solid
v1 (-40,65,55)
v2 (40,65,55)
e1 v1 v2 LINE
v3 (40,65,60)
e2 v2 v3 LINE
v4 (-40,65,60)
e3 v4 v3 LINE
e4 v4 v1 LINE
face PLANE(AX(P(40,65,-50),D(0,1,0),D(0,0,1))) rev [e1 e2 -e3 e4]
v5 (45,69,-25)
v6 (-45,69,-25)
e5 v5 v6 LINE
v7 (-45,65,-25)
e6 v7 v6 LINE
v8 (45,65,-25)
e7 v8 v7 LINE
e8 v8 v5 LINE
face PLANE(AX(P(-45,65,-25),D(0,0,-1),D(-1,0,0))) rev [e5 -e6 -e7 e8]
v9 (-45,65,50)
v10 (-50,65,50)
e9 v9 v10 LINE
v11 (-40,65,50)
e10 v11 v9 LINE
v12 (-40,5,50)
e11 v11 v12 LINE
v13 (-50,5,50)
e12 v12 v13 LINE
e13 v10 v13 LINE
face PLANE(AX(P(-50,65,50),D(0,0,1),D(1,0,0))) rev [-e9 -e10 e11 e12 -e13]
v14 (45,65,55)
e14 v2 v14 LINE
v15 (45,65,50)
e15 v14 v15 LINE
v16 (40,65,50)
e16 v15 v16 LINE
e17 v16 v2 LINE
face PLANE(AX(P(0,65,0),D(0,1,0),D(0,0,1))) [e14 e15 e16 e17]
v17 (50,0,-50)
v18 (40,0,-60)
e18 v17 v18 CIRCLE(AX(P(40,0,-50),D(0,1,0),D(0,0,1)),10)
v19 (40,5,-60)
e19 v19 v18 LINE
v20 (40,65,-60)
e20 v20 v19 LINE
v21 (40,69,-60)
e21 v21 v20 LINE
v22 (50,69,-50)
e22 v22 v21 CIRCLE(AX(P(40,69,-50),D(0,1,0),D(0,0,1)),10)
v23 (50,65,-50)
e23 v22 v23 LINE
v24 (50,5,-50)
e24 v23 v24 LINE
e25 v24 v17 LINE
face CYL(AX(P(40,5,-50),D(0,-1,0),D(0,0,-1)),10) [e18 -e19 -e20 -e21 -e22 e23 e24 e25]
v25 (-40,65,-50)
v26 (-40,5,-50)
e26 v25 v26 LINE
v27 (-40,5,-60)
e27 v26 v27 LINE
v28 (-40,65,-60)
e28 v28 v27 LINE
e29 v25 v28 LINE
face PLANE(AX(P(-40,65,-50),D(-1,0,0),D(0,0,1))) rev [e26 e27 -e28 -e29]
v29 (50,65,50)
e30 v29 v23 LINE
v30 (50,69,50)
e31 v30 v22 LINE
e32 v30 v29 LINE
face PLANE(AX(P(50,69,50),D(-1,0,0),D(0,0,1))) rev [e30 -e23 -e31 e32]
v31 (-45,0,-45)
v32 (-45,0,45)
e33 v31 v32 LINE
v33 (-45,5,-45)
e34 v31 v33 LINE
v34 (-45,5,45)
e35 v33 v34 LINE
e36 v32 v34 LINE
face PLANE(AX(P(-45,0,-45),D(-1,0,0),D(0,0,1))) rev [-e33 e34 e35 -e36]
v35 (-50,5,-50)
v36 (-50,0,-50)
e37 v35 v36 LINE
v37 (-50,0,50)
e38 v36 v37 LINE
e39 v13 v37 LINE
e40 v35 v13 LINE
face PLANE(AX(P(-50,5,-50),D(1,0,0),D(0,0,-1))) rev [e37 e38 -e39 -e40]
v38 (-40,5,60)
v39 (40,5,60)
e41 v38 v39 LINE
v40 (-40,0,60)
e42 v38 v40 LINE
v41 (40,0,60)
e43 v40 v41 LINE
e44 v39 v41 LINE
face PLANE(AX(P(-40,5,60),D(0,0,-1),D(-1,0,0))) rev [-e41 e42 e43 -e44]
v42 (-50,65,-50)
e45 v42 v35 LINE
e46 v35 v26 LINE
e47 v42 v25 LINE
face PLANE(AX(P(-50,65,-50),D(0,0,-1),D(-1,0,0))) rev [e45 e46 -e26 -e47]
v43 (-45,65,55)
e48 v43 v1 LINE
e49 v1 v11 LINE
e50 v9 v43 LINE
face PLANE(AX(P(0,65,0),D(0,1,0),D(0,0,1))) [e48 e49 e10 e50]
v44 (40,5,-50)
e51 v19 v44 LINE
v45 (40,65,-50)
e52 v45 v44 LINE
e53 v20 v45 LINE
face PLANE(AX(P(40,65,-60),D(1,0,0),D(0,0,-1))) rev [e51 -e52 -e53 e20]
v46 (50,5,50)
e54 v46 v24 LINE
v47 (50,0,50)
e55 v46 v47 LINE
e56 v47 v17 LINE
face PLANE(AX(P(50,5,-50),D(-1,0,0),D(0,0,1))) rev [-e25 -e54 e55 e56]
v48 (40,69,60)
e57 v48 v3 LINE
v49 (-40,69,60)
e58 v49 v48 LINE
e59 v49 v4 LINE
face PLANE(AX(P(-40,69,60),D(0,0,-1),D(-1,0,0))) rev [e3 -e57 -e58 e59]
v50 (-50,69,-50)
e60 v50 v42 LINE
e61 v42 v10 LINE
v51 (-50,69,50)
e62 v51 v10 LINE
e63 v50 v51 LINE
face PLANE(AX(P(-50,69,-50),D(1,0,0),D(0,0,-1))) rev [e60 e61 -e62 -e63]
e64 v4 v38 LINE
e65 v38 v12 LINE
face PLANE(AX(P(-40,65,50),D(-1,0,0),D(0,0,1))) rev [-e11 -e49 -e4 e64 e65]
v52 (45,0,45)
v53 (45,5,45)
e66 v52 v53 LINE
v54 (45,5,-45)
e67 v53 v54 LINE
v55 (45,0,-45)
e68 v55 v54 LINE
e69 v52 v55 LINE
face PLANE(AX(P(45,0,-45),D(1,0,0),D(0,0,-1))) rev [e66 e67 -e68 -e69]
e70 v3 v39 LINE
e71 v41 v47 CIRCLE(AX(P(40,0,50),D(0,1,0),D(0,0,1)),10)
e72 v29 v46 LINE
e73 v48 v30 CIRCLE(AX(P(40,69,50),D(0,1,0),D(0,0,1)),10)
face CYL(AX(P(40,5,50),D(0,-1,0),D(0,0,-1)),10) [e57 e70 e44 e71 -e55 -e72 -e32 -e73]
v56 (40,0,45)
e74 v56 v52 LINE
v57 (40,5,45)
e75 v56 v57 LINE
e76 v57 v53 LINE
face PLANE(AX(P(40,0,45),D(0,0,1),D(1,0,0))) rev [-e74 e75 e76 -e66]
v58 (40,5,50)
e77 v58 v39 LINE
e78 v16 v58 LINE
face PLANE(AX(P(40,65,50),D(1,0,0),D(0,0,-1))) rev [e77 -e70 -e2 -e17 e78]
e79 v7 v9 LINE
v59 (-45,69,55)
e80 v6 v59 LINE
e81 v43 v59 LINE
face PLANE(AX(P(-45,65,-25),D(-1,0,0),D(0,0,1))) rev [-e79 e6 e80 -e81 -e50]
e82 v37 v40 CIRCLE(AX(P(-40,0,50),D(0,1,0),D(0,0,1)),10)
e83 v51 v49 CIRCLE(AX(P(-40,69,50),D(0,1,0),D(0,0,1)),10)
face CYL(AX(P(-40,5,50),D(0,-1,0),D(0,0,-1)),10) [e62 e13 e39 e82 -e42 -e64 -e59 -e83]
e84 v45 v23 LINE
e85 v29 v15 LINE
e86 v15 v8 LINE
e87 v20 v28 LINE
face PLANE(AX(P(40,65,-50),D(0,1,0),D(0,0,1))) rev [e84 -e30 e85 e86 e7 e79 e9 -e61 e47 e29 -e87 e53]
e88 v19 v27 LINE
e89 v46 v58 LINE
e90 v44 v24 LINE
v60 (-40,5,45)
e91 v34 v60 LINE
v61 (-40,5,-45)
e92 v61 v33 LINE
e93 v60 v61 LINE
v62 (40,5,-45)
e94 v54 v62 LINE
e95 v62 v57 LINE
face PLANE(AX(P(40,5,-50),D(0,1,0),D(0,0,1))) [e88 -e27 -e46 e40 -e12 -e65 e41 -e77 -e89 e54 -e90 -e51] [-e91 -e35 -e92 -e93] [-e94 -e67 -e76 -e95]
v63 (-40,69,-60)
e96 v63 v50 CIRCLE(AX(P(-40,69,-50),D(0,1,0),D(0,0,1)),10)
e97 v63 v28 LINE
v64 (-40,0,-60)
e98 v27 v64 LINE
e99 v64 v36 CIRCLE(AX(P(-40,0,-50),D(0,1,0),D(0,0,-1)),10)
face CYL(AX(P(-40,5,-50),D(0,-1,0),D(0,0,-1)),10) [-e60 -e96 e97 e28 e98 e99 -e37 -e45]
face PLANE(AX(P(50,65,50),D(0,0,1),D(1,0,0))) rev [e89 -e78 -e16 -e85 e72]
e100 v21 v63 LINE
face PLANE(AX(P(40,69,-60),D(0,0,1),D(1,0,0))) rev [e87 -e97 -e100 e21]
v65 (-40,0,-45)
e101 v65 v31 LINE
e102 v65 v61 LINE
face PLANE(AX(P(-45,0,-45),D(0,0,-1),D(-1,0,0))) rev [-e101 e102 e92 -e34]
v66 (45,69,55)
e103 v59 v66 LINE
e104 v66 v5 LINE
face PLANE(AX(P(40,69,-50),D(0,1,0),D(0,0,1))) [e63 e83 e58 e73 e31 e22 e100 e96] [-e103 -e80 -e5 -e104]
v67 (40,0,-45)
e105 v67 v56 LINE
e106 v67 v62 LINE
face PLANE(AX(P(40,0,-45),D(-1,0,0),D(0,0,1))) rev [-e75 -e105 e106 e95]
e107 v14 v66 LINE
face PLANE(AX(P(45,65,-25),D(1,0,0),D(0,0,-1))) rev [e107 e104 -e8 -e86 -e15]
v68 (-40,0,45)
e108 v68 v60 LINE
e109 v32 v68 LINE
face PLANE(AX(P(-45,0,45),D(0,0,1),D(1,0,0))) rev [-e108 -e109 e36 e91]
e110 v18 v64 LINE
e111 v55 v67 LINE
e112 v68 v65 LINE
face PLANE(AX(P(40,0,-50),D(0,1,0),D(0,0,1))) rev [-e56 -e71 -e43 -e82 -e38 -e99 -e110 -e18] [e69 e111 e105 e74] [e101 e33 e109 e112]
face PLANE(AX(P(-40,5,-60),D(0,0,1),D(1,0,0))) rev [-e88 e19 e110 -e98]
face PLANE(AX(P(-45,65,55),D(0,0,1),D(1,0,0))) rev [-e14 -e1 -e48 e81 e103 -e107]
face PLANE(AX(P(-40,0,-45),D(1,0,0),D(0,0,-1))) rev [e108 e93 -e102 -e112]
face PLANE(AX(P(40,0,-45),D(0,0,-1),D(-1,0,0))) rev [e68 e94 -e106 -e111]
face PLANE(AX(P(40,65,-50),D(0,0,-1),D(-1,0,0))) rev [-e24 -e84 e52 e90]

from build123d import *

# Parameters (mm, degrees)
BOSS_EXTRUDE1_DEPTH = 5
SKETCH2_W           = 5
SKETCH2_H           = 90
CUT_EXTRUDE1_DEPTH  = 79.262379212
BOSS_EXTRUDE3_DEPTH = 60
BOSS_EXTRUDE4_DEPTH = 4
SKETCH5_W           = 90
SKETCH5_H           = 80
CUT_EXTRUDE2_DEPTH  = 4


with BuildPart() as part:
    # Sketch1 → Boss-Extrude1 (new body)
    with BuildSketch(Plane(origin=(0, 0, 0), x_dir=(1, 0, 0), z_dir=(0, 1, 0))):
        with BuildLine():
            Line((-40, 60), (40, 60))
            ThreePointArc((40, 60), (47.071067812, 57.071067812), (50, 50))
            Line((50, 50), (50, -50))
            ThreePointArc((50, -50), (47.071067812, -57.071067812), (40, -60))
            Line((40, -60), (-40, -60))
            ThreePointArc((-40, -60), (-47.071067812, -57.071067812), (-50, -50))
            Line((-50, -50), (-50, 50))
            ThreePointArc((-50, 50), (-47.071067812, 57.071067812), (-40, 60))
        make_face()
    extrude(amount=BOSS_EXTRUDE1_DEPTH)

    # Sketch2 → Cut-Extrude1 (cut, through all)
    with BuildSketch(Plane(origin=(0, 5, 0), x_dir=(1, 0, 0), z_dir=(0, 1, 0))):
        with Locations((-42.5, 0)):
            Rectangle(SKETCH2_W, SKETCH2_H)
        with Locations((42.5, 0)):
            Rectangle(SKETCH2_W, SKETCH2_H)
    extrude(amount=-CUT_EXTRUDE1_DEPTH, mode=Mode.SUBTRACT)

    # Sketch3 → Boss-Extrude3 (add)
    with BuildSketch(Plane(origin=(0, 5, 0), x_dir=(1, 0, 0), z_dir=(0, 1, 0))):
        with BuildLine():
            Line((-50, 50), (-40, 50))
            Line((-40, 50), (-40, 60))
            ThreePointArc((-40, 60), (-47.071067812, 57.071067812), (-50, 50))
        make_face()
        with BuildLine():
            Line((40, 60), (40, 50))
            Line((40, 50), (50, 50))
            ThreePointArc((50, 50), (47.071067812, 57.071067812), (40, 60))
        make_face()
        with BuildLine():
            Line((-50, -50), (-40, -50))
            Line((-40, -50), (-40, -60))
            ThreePointArc((-40, -60), (-47.071067812, -57.071067812), (-50, -50))
        make_face()
        with BuildLine():
            Line((50, -50), (40, -50))
            Line((40, -50), (40, -60))
            ThreePointArc((40, -60), (47.071067812, -57.071067812), (50, -50))
        make_face()
    extrude(amount=BOSS_EXTRUDE3_DEPTH)

    # Sketch4 → Boss-Extrude4 (add)
    with BuildSketch(Plane(origin=(0, 65, 0), x_dir=(1, 0, 0), z_dir=(0, 1, 0))):
        with BuildLine():
            Line((50, -50), (50, 50))
            ThreePointArc((50, 50), (47.071067812, 57.071067812), (40, 60))
            Line((40, 60), (-40, 60))
            ThreePointArc((-40, 60), (-47.071067812, 57.071067812), (-50, 50))
            Line((-50, 50), (-50, -50))
            ThreePointArc((-50, -50), (-47.071067812, -57.071067812), (-40, -60))
            Line((-40, -60), (40, -60))
            ThreePointArc((40, -60), (47.071067812, -57.071067812), (50, -50))
        make_face()
    extrude(amount=BOSS_EXTRUDE4_DEPTH)

    # Sketch5 → Cut-Extrude2 (cut)
    with BuildSketch(Plane(origin=(0, 69, 0), x_dir=(1, 0, 0), z_dir=(0, 1, 0))):
        with Locations((0, -15)):
            Rectangle(SKETCH5_W, SKETCH5_H)
    extrude(amount=-CUT_EXTRUDE2_DEPTH, mode=Mode.SUBTRACT)


solid = part.part
